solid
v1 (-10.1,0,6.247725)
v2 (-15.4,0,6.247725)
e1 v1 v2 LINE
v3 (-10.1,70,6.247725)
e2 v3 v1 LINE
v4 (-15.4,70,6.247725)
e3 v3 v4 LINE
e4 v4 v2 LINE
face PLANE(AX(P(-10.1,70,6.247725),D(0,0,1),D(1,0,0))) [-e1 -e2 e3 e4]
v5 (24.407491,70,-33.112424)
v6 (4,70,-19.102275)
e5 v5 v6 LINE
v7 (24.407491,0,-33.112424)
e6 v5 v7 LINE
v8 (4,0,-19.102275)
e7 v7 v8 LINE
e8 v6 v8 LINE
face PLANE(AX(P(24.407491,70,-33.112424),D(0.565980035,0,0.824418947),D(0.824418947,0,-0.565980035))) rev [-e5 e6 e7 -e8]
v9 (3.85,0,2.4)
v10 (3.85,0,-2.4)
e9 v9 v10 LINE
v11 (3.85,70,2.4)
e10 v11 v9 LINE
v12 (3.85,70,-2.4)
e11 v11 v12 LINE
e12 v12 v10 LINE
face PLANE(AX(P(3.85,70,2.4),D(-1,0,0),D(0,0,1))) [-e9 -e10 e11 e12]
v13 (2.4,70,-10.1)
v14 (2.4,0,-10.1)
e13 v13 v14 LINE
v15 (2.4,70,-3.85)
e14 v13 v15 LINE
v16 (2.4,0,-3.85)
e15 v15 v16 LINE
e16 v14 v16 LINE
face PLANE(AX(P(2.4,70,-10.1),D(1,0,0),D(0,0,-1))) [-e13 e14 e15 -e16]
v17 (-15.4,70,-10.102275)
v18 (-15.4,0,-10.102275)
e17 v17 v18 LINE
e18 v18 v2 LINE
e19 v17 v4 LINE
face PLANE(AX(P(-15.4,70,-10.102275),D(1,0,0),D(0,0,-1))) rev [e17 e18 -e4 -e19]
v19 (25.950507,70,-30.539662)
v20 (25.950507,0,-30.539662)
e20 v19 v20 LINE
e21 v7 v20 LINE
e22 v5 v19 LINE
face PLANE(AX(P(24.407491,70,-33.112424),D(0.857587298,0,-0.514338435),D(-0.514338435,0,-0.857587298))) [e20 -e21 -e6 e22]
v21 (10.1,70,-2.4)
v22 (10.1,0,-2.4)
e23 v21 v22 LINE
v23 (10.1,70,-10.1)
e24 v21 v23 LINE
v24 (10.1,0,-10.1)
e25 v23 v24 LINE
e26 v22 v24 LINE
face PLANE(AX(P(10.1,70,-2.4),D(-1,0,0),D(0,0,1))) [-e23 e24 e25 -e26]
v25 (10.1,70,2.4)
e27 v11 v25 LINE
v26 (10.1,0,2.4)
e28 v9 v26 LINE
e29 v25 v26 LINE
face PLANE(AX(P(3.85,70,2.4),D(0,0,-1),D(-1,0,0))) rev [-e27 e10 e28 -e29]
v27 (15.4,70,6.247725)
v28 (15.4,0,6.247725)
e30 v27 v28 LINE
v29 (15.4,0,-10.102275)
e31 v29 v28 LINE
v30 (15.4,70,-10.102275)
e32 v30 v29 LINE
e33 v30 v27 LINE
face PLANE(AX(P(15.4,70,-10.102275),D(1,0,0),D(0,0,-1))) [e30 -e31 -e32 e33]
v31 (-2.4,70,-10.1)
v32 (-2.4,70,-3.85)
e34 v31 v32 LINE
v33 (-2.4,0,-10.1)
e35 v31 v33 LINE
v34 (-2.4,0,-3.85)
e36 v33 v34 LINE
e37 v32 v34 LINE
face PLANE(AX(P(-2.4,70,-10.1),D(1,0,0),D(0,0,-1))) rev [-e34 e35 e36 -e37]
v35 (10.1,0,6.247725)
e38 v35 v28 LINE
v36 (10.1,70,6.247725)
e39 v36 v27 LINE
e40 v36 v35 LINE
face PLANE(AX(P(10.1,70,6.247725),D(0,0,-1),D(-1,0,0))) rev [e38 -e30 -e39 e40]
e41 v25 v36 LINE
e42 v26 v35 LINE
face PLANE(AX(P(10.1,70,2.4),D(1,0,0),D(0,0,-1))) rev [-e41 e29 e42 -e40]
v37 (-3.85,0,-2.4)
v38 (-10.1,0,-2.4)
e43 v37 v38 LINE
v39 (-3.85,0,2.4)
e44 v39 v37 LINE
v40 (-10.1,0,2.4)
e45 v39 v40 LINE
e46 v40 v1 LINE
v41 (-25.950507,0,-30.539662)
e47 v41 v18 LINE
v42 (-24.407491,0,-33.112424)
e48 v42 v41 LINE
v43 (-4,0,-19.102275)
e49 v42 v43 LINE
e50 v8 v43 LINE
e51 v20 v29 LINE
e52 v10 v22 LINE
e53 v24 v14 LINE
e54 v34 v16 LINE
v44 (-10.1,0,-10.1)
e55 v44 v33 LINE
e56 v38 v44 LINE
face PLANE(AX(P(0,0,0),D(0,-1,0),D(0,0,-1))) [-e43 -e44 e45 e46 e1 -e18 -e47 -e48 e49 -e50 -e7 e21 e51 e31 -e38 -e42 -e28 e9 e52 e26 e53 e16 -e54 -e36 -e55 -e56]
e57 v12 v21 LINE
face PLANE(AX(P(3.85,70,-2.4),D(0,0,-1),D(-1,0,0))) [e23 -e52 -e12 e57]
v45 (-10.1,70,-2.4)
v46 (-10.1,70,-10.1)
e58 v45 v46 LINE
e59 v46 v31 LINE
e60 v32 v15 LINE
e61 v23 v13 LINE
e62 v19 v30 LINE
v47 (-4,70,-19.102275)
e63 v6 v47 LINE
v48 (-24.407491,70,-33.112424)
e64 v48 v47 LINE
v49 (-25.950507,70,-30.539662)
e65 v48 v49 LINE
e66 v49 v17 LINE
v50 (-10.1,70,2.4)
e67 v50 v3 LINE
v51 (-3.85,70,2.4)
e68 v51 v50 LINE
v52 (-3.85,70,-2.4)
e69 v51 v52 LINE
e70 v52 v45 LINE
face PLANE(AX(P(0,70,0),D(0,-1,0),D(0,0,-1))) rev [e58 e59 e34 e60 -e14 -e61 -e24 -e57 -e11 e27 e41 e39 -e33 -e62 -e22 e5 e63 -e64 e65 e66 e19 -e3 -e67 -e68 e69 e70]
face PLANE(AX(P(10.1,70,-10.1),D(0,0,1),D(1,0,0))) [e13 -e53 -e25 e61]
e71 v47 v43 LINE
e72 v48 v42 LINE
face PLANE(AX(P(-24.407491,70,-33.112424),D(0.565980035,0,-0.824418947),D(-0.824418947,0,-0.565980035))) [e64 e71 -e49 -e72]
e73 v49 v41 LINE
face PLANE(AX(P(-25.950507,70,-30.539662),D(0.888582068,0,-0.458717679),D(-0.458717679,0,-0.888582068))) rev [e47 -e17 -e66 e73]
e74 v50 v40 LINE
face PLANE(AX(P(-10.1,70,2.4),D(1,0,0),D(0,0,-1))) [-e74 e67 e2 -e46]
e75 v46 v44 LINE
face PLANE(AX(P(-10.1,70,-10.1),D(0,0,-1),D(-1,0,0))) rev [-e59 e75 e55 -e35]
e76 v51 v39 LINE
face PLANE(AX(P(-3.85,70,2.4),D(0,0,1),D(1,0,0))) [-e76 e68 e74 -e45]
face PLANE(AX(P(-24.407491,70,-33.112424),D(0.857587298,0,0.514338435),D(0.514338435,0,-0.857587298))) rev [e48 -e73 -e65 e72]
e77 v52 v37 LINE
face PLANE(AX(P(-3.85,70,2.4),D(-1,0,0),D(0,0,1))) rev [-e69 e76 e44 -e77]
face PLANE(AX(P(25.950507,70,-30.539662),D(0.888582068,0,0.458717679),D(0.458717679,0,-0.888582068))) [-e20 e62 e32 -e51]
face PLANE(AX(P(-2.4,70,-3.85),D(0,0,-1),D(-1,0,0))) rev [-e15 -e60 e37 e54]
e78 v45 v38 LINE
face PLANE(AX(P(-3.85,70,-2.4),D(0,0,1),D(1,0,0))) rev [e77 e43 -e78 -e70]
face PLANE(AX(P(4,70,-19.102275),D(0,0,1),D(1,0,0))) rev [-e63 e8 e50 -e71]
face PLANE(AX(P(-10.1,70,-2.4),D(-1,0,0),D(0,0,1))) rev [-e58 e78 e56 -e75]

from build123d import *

# Parameters (mm, degrees)
BOSS_EXTRU_2_DEPTH = 70


with BuildPart() as part:
    # Base → Boss.-Extru.2 (new body)
    with BuildSketch(Plane(origin=(0, 0, 0), x_dir=(1, 0, 0), z_dir=(0, 1, 0))):
        Polygon((-3.85, -2.4), (-3.85, 2.4), (-10.1, 2.4), (-10.1, 10.1), (-2.4, 10.1), (-2.4, 3.85), (2.4, 3.85), (2.4, 10.1), (10.1, 10.1), (10.1, 2.4), (3.85, 2.4), (3.85, -2.4), (10.1, -2.4), (10.1, -6.247725424), (15.4, -6.247725424), (15.4, 10.102274576), (25.950506613, 30.539662134), (24.407491309, 33.11242403), (4, 19.102274576), (-4, 19.102274576), (-24.407491309, 33.11242403), (-25.950506613, 30.539662134), (-15.4, 10.102274576), (-15.4, -6.247725424), (-10.1, -6.247725424), (-10.1, -2.4), align=None)
    extrude(amount=BOSS_EXTRU_2_DEPTH)


solid = part.part
